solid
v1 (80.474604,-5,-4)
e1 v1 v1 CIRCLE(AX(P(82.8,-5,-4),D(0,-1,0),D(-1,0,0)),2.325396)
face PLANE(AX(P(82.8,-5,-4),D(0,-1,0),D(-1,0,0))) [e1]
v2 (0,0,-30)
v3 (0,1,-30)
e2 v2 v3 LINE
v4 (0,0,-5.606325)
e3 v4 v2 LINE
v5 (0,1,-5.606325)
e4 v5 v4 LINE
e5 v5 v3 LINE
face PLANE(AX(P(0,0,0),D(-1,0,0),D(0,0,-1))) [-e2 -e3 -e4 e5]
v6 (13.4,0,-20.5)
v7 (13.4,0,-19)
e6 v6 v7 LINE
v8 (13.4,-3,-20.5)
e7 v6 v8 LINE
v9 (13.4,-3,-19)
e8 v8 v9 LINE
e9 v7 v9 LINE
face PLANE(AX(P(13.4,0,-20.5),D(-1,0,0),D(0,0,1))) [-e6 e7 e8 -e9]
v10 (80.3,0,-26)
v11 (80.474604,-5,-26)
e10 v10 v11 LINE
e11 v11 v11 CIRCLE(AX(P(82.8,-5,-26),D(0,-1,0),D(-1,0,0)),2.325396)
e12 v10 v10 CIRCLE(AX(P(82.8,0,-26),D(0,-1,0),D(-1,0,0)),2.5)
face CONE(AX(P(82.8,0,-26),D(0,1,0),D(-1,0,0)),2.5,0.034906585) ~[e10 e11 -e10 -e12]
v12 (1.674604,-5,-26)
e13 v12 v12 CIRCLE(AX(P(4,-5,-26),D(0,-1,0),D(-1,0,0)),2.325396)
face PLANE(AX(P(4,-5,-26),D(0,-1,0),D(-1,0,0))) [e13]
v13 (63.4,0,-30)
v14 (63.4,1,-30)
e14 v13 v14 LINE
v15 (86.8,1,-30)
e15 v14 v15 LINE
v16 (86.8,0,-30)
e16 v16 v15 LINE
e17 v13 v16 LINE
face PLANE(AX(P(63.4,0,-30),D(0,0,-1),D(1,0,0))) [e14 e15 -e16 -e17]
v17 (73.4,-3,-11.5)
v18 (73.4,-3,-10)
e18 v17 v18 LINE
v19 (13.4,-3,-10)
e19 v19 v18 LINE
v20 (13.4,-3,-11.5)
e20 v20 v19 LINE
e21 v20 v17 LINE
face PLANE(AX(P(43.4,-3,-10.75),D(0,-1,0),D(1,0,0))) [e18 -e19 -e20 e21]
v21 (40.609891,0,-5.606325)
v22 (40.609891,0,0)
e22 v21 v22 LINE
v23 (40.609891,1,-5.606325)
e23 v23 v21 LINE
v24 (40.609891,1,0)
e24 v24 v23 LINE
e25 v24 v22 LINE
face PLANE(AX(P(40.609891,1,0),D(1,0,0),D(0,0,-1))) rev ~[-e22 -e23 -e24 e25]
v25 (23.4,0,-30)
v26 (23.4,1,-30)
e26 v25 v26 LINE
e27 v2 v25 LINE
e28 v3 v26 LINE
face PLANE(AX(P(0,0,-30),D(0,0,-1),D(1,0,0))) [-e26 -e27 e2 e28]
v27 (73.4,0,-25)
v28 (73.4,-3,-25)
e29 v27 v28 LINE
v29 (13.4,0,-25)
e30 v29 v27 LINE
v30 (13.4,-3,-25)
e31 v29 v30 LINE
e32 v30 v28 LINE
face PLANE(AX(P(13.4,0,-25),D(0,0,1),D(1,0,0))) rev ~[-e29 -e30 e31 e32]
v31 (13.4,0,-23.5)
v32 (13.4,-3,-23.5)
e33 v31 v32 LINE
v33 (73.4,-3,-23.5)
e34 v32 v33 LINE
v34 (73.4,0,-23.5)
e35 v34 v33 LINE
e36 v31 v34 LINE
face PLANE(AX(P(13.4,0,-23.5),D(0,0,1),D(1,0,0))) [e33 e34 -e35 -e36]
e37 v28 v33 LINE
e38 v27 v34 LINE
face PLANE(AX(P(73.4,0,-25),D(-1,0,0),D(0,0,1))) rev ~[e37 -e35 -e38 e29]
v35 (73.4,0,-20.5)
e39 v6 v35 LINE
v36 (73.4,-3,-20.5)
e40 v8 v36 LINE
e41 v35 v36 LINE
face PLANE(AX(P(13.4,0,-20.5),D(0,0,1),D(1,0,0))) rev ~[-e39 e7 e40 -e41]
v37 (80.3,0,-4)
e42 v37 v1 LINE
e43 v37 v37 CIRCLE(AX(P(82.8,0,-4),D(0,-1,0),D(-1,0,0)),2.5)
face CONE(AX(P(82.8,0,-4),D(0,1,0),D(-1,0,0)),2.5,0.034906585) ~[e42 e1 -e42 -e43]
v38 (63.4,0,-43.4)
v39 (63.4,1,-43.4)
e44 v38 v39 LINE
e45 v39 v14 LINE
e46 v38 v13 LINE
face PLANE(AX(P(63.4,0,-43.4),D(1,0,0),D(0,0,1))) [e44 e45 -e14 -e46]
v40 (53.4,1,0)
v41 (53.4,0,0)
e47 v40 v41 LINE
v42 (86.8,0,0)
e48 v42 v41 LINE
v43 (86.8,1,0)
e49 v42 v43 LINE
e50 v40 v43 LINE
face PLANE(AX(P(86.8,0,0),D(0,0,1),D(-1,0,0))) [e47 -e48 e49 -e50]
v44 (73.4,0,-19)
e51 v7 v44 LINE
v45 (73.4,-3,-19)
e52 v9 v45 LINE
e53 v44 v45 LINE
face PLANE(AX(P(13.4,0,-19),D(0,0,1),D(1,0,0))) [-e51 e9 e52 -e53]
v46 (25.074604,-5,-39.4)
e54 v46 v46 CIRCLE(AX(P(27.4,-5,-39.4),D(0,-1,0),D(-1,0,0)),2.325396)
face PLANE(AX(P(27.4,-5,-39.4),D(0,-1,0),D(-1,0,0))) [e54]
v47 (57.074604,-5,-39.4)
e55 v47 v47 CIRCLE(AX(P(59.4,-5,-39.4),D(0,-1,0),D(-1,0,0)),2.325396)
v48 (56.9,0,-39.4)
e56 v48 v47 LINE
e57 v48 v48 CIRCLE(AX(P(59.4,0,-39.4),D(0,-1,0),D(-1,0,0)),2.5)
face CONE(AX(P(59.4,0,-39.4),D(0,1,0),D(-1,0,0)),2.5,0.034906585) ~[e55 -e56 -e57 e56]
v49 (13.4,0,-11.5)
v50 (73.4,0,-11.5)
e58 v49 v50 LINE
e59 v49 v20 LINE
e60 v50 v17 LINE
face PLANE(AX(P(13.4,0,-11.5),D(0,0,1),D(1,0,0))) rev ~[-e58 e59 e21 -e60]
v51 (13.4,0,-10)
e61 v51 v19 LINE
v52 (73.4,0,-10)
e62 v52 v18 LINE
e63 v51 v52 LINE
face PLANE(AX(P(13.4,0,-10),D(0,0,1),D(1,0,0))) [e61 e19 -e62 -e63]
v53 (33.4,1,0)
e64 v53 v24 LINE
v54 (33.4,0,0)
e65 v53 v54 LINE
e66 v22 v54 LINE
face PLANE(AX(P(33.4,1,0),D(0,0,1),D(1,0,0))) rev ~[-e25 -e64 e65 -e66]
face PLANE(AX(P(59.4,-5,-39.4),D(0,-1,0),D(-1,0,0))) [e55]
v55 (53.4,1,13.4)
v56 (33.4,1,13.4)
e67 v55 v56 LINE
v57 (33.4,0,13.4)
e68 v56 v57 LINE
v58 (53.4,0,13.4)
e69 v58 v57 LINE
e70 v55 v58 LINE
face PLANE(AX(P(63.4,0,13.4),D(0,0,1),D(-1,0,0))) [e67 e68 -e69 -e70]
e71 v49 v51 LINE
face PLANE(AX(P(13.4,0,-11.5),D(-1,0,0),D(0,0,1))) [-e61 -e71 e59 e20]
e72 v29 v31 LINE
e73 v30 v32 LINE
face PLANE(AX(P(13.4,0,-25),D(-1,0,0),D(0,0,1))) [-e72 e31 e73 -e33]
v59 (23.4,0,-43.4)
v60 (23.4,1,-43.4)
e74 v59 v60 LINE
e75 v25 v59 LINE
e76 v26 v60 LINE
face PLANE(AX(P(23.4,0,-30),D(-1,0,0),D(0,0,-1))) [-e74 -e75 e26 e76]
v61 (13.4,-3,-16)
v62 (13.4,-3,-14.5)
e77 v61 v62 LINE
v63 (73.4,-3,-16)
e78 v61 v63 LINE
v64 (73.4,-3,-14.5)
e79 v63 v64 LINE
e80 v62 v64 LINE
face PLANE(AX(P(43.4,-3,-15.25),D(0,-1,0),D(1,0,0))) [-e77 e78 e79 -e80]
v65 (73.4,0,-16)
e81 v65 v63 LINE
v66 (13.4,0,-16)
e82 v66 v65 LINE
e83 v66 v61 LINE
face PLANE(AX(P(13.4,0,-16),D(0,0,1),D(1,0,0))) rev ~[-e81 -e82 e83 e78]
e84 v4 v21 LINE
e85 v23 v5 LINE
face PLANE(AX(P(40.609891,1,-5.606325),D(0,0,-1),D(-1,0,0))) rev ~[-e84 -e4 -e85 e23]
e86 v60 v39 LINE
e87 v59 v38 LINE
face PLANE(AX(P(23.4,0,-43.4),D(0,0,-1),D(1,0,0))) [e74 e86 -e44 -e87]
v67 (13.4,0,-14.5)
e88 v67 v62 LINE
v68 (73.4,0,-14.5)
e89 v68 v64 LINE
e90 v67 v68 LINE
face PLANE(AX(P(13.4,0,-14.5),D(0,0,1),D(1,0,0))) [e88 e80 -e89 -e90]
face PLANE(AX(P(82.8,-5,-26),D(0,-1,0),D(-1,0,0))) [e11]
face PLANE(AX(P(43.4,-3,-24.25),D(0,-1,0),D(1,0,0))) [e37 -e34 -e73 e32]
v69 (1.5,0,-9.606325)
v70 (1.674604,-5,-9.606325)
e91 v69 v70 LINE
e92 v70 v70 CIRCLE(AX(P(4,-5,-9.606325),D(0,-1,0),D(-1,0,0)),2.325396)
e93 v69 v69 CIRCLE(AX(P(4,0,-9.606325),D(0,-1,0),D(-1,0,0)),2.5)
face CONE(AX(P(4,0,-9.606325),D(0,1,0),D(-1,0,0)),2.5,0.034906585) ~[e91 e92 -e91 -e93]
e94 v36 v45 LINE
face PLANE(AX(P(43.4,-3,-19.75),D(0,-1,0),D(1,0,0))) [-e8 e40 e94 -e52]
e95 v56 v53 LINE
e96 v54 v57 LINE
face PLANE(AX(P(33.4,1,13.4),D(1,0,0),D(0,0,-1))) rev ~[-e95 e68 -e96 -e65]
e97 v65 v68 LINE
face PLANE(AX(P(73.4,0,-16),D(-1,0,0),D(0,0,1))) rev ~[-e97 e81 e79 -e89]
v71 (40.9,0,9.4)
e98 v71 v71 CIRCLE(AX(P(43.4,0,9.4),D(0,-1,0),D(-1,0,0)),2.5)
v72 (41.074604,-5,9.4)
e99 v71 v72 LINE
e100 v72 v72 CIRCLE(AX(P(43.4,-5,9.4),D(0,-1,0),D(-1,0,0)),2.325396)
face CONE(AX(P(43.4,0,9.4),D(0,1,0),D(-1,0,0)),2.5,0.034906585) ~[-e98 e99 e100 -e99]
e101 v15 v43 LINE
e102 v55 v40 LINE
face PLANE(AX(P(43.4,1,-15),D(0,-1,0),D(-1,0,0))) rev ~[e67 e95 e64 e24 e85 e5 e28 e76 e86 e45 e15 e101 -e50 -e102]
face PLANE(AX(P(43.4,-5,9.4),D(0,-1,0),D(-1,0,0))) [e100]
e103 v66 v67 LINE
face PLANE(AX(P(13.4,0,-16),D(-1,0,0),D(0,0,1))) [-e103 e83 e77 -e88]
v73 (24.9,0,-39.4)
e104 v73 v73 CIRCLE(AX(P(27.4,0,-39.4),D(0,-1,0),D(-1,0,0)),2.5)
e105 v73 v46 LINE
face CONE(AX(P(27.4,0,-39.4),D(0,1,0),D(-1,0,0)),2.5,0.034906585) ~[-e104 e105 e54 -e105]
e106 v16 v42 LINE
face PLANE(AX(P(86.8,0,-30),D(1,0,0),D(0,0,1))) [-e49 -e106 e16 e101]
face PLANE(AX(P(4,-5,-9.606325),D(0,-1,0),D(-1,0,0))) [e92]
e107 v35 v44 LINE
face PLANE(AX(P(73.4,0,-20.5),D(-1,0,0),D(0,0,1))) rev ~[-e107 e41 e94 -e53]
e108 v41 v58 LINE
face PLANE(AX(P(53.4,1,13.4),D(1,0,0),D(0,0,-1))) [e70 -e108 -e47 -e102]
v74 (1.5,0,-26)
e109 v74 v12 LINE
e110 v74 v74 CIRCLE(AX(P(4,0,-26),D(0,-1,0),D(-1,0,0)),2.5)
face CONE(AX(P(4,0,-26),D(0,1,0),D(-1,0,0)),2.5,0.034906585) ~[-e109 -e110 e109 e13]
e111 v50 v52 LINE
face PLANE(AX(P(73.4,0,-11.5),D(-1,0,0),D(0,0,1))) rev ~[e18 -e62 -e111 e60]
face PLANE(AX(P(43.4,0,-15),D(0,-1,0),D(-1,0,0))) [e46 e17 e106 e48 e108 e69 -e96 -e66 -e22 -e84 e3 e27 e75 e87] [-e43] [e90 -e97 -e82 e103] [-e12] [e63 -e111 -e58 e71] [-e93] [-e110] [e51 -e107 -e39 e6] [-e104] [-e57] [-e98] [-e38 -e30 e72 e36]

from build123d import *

# Parameters (mm, degrees)
BOSS_EXTRUDE1_DEPTH           = 1
SKETCH3_W                     = 10
SKETCH3_H                     = 13.4
CUT_EXTRUDE1_DEPTH            = 98.050502317
SKETCH4_W                     = 60
SKETCH4_H                     = 1.5
BOSS_EXTRUDE3_DEPTH           = 3
SKETCH5_R                     = 2.5
BOSS_EXTRUDE4_DEPTH           = 5
BOSS_EXTRUDE4_DRAFT           = 2
BOSS_EXTRUDE4_PROFILE_2_DEPTH = 5
BOSS_EXTRUDE4_PROFILE_2_DRAFT = 2
BOSS_EXTRUDE4_PROFILE_3_DEPTH = 5
BOSS_EXTRUDE4_PROFILE_3_DRAFT = 2
BOSS_EXTRUDE4_PROFILE_4_DEPTH = 5
BOSS_EXTRUDE4_PROFILE_4_DRAFT = 2
BOSS_EXTRUDE4_PROFILE_5_DEPTH = 5
BOSS_EXTRUDE4_PROFILE_5_DRAFT = 2
BOSS_EXTRUDE4_PROFILE_6_DEPTH = 5
BOSS_EXTRUDE4_PROFILE_6_DRAFT = 2
BOSS_EXTRUDE4_PROFILE_7_DEPTH = 5
BOSS_EXTRUDE4_PROFILE_7_DRAFT = 2


with BuildPart() as part:
    # Sketch1 → Boss-Extrude1 (new body)
    with BuildSketch(Plane(origin=(0, 0, 0), x_dir=(1, 0, 0), z_dir=(0, 1, 0))):
        Polygon((63.4, 30), (86.8, 30), (86.8, 0), (63.4, 0), (63.4, -13.4), (23.4, -13.4), (23.4, 0), (0, 0), (0, 30), (23.4, 30), (23.4, 43.4), (63.4, 43.4), align=None)
    extrude(amount=BOSS_EXTRUDE1_DEPTH)

    # Sketch3 → Cut-Extrude1 (cut, through all)
    with BuildSketch(Plane(origin=(0, 1, 0), x_dir=(1, 0, 0), z_dir=(0, 1, 0))):
        Polygon((0, 0), (23.4, 0), (33.4, 0), (40.609890906, 0), (40.609890906, 5.606324955), (0, 5.606324955), align=None)
        with Locations((28.4, -6.7)):
            Rectangle(SKETCH3_W, SKETCH3_H)
        with Locations((58.4, -6.7)):
            Rectangle(SKETCH3_W, SKETCH3_H)
    extrude(amount=-CUT_EXTRUDE1_DEPTH, mode=Mode.SUBTRACT)

    # Sketch4 → Boss-Extrude3 (add)
    with BuildSketch(Plane.XZ):
        with Locations((43.4, -15.25)):
            Rectangle(SKETCH4_W, SKETCH4_H)
        with Locations((43.4, -10.75)):
            Rectangle(SKETCH4_W, SKETCH4_H)
        with Locations((43.4, -19.75)):
            Rectangle(SKETCH4_W, SKETCH4_H)
        with Locations((43.4, -24.25)):
            Rectangle(SKETCH4_W, SKETCH4_H)
    extrude(amount=BOSS_EXTRUDE3_DEPTH)


with BuildPart() as boss_extrude4_tool:
    # Sketch5 → Boss-Extrude4 (with draft: the straight prism first)
    with BuildSketch(Plane(origin=(0, 0, 0), x_dir=(-1, 0, 0), z_dir=(0, -1, 0))):
        with Locations((-4, 9.606324955)):
            Circle(SKETCH5_R)
    extrude(amount=BOSS_EXTRUDE4_DEPTH)
    # Boss-Extrude4: the draft: its side faces are tilted about the plane it starts from
    boss_extrude4_sides = [boss_extrude4_tool.faces().sort_by_distance(p)[0] for p in [
        (6.5, -2.5, -9.606324955),
    ]]
    draft(boss_extrude4_sides, Plane(origin=(0, 0, 0), x_dir=(-1, 0, 0), z_dir=(0, -1, 0)), BOSS_EXTRUDE4_DRAFT)


with BuildPart() as part_1:
    add(part.part)

    # Boss-Extrude4: add boss_extrude4_tool
    add(boss_extrude4_tool.part)


with BuildPart() as boss_extrude4_profile_2_tool:
    # Sketch5 → Boss-Extrude4 profile 2 (with draft: the straight prism first)
    with BuildSketch(Plane(origin=(0, 0, 0), x_dir=(-1, 0, 0), z_dir=(0, -1, 0))):
        with Locations((-4, 26)):
            Circle(SKETCH5_R)
    extrude(amount=BOSS_EXTRUDE4_PROFILE_2_DEPTH)
    # Boss-Extrude4 profile 2: the draft: its side faces are tilted about the plane it starts from
    boss_extrude4_profile_2_sides = [boss_extrude4_profile_2_tool.faces().sort_by_distance(p)[0] for p in [
        (6.5, -2.5, -26),
    ]]
    draft(boss_extrude4_profile_2_sides, Plane(origin=(0, 0, 0), x_dir=(-1, 0, 0), z_dir=(0, -1, 0)), BOSS_EXTRUDE4_PROFILE_2_DRAFT)


with BuildPart() as part_2:
    add(part_1.part)

    # Boss-Extrude4 profile 2: add boss_extrude4_profile_2_tool
    add(boss_extrude4_profile_2_tool.part)


with BuildPart() as boss_extrude4_profile_3_tool:
    # Sketch5 → Boss-Extrude4 profile 3 (with draft: the straight prism first)
    with BuildSketch(Plane(origin=(0, 0, 0), x_dir=(-1, 0, 0), z_dir=(0, -1, 0))):
        with Locations((-82.8, 26)):
            Circle(SKETCH5_R)
    extrude(amount=BOSS_EXTRUDE4_PROFILE_3_DEPTH)
    # Boss-Extrude4 profile 3: the draft: its side faces are tilted about the plane it starts from
    boss_extrude4_profile_3_sides = [boss_extrude4_profile_3_tool.faces().sort_by_distance(p)[0] for p in [
        (85.3, -2.5, -26),
    ]]
    draft(boss_extrude4_profile_3_sides, Plane(origin=(0, 0, 0), x_dir=(-1, 0, 0), z_dir=(0, -1, 0)), BOSS_EXTRUDE4_PROFILE_3_DRAFT)


with BuildPart() as part_3:
    add(part_2.part)

    # Boss-Extrude4 profile 3: add boss_extrude4_profile_3_tool
    add(boss_extrude4_profile_3_tool.part)


with BuildPart() as boss_extrude4_profile_4_tool:
    # Sketch5 → Boss-Extrude4 profile 4 (with draft: the straight prism first)
    with BuildSketch(Plane(origin=(0, 0, 0), x_dir=(-1, 0, 0), z_dir=(0, -1, 0))):
        with Locations((-82.8, 4)):
            Circle(SKETCH5_R)
    extrude(amount=BOSS_EXTRUDE4_PROFILE_4_DEPTH)
    # Boss-Extrude4 profile 4: the draft: its side faces are tilted about the plane it starts from
    boss_extrude4_profile_4_sides = [boss_extrude4_profile_4_tool.faces().sort_by_distance(p)[0] for p in [
        (85.3, -2.5, -4),
    ]]
    draft(boss_extrude4_profile_4_sides, Plane(origin=(0, 0, 0), x_dir=(-1, 0, 0), z_dir=(0, -1, 0)), BOSS_EXTRUDE4_PROFILE_4_DRAFT)


with BuildPart() as part_4:
    add(part_3.part)

    # Boss-Extrude4 profile 4: add boss_extrude4_profile_4_tool
    add(boss_extrude4_profile_4_tool.part)


with BuildPart() as boss_extrude4_profile_5_tool:
    # Sketch5 → Boss-Extrude4 profile 5 (with draft: the straight prism first)
    with BuildSketch(Plane(origin=(0, 0, 0), x_dir=(-1, 0, 0), z_dir=(0, -1, 0))):
        with Locations((-59.4, 39.4)):
            Circle(SKETCH5_R)
    extrude(amount=BOSS_EXTRUDE4_PROFILE_5_DEPTH)
    # Boss-Extrude4 profile 5: the draft: its side faces are tilted about the plane it starts from
    boss_extrude4_profile_5_sides = [boss_extrude4_profile_5_tool.faces().sort_by_distance(p)[0] for p in [
        (61.9, -2.5, -39.4),
    ]]
    draft(boss_extrude4_profile_5_sides, Plane(origin=(0, 0, 0), x_dir=(-1, 0, 0), z_dir=(0, -1, 0)), BOSS_EXTRUDE4_PROFILE_5_DRAFT)


with BuildPart() as part_5:
    add(part_4.part)

    # Boss-Extrude4 profile 5: add boss_extrude4_profile_5_tool
    add(boss_extrude4_profile_5_tool.part)


with BuildPart() as boss_extrude4_profile_6_tool:
    # Sketch5 → Boss-Extrude4 profile 6 (with draft: the straight prism first)
    with BuildSketch(Plane(origin=(0, 0, 0), x_dir=(-1, 0, 0), z_dir=(0, -1, 0))):
        with Locations((-27.4, 39.4)):
            Circle(SKETCH5_R)
    extrude(amount=BOSS_EXTRUDE4_PROFILE_6_DEPTH)
    # Boss-Extrude4 profile 6: the draft: its side faces are tilted about the plane it starts from
    boss_extrude4_profile_6_sides = [boss_extrude4_profile_6_tool.faces().sort_by_distance(p)[0] for p in [
        (29.9, -2.5, -39.4),
    ]]
    draft(boss_extrude4_profile_6_sides, Plane(origin=(0, 0, 0), x_dir=(-1, 0, 0), z_dir=(0, -1, 0)), BOSS_EXTRUDE4_PROFILE_6_DRAFT)


with BuildPart() as part_6:
    add(part_5.part)

    # Boss-Extrude4 profile 6: add boss_extrude4_profile_6_tool
    add(boss_extrude4_profile_6_tool.part)


with BuildPart() as boss_extrude4_profile_7_tool:
    # Sketch5 → Boss-Extrude4 profile 7 (with draft: the straight prism first)
    with BuildSketch(Plane(origin=(0, 0, 0), x_dir=(-1, 0, 0), z_dir=(0, -1, 0))):
        with Locations((-43.4, -9.4)):
            Circle(SKETCH5_R)
    extrude(amount=BOSS_EXTRUDE4_PROFILE_7_DEPTH)
    # Boss-Extrude4 profile 7: the draft: its side faces are tilted about the plane it starts from
    boss_extrude4_profile_7_sides = [boss_extrude4_profile_7_tool.faces().sort_by_distance(p)[0] for p in [
        (45.9, -2.5, 9.4),
    ]]
    draft(boss_extrude4_profile_7_sides, Plane(origin=(0, 0, 0), x_dir=(-1, 0, 0), z_dir=(0, -1, 0)), BOSS_EXTRUDE4_PROFILE_7_DRAFT)


with BuildPart() as part_7:
    add(part_6.part)

    # Boss-Extrude4 profile 7: add boss_extrude4_profile_7_tool
    add(boss_extrude4_profile_7_tool.part)


solid = part_7.part
